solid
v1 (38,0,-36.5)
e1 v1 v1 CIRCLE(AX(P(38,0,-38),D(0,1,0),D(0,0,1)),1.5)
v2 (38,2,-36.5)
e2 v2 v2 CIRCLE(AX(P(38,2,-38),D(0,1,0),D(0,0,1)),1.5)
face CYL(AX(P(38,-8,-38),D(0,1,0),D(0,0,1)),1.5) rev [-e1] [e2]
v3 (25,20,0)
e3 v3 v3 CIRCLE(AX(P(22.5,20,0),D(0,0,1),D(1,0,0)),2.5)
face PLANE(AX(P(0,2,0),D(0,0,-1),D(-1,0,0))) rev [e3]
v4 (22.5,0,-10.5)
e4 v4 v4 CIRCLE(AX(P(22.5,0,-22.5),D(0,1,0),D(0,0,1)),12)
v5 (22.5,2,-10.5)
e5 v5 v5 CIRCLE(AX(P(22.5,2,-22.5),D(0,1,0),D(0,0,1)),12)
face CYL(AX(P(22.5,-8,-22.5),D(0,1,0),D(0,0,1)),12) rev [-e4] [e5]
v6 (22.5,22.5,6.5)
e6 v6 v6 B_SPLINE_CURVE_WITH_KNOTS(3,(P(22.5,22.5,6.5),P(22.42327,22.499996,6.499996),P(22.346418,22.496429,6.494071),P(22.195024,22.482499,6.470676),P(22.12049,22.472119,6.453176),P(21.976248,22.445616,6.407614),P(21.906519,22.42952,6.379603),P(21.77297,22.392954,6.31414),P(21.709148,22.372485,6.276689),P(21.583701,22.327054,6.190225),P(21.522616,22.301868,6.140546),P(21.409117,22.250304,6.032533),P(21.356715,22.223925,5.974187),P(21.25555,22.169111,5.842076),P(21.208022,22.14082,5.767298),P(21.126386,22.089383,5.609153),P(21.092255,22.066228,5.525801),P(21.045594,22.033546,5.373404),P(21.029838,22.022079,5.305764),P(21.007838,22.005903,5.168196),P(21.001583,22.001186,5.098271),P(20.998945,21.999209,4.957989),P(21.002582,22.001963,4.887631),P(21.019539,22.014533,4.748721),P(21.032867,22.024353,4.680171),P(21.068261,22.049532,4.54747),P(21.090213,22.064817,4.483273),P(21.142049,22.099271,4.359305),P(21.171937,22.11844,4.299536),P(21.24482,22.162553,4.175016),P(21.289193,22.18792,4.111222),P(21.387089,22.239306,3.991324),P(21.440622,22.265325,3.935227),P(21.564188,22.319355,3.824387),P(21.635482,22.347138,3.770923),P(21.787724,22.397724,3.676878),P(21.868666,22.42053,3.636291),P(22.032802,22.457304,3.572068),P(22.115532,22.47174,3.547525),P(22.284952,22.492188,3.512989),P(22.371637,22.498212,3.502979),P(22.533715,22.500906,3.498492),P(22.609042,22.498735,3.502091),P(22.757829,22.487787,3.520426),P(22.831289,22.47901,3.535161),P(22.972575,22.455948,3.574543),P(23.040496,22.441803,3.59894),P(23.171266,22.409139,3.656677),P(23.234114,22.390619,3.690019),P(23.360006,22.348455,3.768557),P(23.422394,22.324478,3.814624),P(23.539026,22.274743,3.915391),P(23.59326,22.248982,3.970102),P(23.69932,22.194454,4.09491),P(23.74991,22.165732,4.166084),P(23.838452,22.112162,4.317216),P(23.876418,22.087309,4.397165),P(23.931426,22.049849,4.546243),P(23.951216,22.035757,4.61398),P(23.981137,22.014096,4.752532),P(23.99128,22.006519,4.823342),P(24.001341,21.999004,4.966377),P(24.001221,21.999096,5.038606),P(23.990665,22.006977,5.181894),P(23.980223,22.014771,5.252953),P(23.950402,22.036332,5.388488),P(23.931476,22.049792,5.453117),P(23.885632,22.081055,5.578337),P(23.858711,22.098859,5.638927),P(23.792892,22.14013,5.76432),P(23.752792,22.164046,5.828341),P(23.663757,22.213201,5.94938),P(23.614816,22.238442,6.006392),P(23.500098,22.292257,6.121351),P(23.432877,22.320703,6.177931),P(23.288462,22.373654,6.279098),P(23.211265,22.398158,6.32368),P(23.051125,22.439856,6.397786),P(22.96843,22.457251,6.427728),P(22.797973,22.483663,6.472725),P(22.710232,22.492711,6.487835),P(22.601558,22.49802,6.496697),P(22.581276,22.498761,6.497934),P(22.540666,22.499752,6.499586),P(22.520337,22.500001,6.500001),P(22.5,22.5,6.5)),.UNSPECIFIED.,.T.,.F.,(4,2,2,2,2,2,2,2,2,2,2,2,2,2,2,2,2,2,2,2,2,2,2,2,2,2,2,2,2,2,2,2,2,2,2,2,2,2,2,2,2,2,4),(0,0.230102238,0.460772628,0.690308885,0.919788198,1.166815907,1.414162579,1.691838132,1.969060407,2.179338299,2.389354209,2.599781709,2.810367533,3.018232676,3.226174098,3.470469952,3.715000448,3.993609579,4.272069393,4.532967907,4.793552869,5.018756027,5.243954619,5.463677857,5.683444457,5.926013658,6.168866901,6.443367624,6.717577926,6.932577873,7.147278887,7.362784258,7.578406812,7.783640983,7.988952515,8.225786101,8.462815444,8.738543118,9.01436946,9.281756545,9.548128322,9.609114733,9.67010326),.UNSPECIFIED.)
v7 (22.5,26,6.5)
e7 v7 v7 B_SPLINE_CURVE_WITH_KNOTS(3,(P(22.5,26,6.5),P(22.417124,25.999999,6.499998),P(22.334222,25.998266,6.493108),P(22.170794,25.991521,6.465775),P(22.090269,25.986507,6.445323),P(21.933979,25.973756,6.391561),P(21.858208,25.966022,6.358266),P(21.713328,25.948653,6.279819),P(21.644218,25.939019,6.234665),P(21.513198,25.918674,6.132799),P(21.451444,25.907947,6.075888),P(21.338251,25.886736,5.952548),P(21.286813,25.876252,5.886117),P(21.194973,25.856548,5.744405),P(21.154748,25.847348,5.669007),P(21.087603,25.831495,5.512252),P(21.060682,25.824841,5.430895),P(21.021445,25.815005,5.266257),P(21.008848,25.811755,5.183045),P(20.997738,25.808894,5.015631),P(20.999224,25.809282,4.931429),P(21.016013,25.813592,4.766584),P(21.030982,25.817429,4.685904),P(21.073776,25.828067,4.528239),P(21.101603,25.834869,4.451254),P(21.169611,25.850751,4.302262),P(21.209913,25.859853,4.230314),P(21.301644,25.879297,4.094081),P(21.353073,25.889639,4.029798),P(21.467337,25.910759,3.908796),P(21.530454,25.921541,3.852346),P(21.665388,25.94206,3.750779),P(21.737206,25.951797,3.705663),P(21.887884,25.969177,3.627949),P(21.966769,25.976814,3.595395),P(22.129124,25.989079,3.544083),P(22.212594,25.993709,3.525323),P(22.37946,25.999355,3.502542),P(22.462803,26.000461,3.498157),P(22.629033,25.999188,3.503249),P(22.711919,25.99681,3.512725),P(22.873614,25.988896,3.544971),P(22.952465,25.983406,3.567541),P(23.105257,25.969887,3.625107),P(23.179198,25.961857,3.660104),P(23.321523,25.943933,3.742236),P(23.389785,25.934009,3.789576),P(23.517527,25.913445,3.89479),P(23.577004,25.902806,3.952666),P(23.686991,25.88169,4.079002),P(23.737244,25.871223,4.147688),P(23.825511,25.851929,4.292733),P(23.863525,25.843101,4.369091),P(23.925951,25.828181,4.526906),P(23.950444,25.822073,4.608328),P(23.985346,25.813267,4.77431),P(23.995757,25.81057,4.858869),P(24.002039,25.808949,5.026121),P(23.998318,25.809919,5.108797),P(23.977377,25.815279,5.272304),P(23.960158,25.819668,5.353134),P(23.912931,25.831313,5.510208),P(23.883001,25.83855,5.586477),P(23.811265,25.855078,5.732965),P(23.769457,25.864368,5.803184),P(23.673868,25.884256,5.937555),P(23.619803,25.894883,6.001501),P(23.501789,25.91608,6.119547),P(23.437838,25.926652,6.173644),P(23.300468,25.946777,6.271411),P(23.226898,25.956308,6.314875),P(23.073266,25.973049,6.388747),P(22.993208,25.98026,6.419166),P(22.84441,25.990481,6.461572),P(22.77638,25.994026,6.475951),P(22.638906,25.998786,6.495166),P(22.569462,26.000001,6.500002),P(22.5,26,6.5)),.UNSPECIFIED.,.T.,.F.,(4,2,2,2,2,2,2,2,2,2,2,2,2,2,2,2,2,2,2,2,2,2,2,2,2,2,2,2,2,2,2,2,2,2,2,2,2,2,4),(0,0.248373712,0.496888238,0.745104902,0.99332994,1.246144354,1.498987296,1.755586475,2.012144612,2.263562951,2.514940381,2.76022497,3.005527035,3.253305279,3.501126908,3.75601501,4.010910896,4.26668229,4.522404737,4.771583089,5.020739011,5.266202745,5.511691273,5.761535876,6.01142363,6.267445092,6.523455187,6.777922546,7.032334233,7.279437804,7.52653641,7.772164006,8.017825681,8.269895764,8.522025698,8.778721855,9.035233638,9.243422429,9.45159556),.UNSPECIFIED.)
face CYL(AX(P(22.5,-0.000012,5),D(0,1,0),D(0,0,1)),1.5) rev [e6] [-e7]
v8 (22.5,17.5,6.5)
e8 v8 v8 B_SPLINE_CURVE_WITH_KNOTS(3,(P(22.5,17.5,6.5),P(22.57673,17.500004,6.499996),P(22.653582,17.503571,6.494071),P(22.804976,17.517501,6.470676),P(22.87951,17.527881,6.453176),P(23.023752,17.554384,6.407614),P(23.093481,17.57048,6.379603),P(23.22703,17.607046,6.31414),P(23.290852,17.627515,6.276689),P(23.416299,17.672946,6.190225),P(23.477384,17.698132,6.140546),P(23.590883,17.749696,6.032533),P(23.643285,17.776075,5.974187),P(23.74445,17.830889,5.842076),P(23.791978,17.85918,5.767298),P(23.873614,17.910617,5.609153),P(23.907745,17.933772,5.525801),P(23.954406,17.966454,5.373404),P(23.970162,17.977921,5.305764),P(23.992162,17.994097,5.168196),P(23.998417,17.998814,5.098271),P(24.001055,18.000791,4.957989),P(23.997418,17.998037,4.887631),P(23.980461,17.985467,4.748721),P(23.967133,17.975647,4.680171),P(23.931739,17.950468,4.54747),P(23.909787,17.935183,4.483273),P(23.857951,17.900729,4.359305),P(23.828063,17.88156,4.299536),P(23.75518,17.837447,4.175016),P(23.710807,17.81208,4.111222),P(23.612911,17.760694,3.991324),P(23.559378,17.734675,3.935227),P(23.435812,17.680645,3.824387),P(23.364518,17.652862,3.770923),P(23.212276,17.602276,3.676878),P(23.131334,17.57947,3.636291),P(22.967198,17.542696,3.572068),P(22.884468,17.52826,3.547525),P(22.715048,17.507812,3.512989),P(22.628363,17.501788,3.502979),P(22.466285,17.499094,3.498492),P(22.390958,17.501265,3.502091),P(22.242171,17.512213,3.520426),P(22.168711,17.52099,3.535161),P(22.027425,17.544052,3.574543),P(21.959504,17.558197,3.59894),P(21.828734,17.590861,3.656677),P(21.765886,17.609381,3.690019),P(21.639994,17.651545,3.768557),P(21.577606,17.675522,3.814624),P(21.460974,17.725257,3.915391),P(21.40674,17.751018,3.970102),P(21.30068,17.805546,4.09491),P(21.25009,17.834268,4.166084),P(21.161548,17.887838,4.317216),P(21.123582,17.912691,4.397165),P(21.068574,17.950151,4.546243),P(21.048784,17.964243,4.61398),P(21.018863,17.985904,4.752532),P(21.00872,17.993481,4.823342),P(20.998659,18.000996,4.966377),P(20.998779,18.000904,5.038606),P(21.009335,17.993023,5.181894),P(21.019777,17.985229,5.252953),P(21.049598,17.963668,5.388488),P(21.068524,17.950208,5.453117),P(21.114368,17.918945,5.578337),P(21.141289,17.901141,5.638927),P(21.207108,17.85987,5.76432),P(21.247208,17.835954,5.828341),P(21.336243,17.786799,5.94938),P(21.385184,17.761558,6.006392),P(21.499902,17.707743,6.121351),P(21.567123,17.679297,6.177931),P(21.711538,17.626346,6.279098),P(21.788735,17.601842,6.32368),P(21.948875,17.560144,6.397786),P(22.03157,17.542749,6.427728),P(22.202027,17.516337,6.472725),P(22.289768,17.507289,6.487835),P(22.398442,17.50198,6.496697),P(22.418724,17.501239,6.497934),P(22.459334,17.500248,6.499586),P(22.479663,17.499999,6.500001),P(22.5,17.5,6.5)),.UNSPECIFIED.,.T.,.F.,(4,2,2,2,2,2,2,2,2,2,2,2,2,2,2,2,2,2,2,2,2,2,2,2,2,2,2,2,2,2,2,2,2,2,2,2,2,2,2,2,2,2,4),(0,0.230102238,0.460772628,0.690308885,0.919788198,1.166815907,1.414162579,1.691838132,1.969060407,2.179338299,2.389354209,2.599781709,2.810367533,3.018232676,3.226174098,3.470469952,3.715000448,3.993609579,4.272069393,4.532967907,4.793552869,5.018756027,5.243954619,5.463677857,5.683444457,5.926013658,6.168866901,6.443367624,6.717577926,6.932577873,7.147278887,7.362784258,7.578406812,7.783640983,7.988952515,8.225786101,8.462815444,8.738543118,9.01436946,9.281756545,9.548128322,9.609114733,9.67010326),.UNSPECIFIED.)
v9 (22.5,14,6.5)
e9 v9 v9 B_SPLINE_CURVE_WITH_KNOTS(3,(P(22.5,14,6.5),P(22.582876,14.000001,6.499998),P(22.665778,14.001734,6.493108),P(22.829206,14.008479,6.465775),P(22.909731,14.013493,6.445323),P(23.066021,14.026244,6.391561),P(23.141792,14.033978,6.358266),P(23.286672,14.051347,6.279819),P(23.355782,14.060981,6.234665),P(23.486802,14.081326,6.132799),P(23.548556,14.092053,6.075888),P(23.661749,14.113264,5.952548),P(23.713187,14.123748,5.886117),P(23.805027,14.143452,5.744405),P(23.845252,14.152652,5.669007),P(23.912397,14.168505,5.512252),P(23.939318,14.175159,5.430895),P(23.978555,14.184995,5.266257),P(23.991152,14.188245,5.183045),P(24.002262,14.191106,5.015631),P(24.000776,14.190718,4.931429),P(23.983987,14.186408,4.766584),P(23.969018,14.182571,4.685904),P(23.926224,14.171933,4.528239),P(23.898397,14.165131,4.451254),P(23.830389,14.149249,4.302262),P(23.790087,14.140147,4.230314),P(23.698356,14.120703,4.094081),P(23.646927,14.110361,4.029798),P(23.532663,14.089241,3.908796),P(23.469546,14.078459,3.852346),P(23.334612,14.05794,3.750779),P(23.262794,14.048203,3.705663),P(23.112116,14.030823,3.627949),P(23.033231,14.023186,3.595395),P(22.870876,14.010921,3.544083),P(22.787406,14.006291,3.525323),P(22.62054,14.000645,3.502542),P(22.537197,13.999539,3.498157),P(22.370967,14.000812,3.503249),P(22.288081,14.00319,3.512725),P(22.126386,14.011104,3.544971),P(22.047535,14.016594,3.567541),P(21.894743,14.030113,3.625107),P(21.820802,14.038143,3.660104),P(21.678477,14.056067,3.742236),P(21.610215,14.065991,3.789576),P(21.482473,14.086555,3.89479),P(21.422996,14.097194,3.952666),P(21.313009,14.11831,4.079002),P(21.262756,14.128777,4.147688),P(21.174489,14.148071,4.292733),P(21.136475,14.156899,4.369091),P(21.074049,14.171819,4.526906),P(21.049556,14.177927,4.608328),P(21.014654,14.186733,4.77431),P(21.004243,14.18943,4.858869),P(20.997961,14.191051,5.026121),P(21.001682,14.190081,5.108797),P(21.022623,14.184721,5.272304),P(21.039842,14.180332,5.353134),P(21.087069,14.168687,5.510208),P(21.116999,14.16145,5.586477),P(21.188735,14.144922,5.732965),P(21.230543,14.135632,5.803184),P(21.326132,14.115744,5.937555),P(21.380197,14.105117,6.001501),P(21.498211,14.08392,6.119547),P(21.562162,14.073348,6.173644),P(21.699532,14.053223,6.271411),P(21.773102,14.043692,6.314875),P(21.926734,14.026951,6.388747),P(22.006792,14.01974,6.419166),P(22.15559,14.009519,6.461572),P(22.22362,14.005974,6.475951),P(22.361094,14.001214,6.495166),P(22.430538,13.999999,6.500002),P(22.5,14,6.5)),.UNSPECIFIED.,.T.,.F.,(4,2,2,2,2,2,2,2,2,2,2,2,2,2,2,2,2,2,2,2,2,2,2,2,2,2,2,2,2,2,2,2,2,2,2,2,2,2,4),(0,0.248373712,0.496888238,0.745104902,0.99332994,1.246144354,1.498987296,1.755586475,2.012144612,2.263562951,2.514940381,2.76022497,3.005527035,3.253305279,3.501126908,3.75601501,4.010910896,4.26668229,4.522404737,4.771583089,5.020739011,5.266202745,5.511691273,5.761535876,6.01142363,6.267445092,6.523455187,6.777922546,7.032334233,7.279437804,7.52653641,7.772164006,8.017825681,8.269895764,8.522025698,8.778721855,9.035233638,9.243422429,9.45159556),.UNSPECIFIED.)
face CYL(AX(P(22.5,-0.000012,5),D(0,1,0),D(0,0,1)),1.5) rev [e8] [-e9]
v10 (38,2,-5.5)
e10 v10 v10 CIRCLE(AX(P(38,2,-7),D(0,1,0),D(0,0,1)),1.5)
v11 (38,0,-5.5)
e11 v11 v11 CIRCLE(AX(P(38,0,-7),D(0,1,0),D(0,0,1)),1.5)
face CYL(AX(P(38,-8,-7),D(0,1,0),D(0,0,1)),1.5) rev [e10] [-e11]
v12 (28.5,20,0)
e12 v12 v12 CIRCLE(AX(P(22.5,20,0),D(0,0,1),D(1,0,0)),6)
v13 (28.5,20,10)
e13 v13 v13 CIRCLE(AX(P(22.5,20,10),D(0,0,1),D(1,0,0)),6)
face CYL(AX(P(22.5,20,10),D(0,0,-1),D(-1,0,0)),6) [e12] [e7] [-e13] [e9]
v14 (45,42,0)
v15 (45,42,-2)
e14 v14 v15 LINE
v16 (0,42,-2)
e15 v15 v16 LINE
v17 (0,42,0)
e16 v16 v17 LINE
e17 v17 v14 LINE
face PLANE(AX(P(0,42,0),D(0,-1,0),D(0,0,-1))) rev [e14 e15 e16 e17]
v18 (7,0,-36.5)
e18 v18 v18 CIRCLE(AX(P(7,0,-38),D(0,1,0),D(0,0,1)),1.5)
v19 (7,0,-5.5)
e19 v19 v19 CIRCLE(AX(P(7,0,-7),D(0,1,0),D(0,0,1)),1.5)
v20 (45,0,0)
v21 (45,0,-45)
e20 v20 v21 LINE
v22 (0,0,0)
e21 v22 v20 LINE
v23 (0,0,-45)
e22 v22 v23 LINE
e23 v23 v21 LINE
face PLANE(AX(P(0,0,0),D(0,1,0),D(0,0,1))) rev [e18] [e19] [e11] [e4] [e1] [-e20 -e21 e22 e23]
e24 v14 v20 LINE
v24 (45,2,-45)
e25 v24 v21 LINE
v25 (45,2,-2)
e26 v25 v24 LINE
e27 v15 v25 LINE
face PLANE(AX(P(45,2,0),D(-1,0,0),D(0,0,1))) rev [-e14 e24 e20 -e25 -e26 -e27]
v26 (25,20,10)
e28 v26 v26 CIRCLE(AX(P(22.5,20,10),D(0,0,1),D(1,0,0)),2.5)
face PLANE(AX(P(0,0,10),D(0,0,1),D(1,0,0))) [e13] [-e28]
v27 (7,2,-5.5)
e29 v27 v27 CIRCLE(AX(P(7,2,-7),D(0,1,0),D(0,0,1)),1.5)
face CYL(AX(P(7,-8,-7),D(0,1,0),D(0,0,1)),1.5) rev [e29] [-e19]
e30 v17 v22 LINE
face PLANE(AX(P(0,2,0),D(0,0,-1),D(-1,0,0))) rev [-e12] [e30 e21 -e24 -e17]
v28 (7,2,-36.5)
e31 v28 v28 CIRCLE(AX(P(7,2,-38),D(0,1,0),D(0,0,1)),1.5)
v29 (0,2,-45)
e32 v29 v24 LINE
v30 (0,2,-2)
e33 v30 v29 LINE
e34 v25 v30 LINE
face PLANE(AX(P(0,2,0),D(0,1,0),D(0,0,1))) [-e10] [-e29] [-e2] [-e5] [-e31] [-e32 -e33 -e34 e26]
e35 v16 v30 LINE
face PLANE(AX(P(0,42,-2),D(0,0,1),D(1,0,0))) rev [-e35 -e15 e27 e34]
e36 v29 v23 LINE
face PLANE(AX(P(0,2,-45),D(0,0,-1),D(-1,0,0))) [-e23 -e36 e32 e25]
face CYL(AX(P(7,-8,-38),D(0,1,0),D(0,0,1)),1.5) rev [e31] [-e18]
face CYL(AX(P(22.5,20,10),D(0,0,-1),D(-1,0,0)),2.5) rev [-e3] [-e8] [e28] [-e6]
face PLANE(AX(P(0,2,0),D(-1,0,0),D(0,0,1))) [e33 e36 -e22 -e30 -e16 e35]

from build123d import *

# Parameters (mm, degrees)
SKETCH_1_W               = 45
SKETCH_1_H               = 45
EXTRUDE_1_DEPTH          = 2
SKETCH_3_R               = 12
SKETCH_3_R_2             = 1.5
CUT_EXTRUDE_1_DEPTH      = 10
SKETCH_7_W               = 45
SKETCH_7_H               = 2
EXTRUDE_3_DEPTH          = 40
SKETCH_8_R               = 6
SKETCH_8_R_2             = 2.5
EXTRUDE_4_DEPTH          = 10
CUT_EXTRUDE_2_DEPTH      = 77.249590163
CUT_EXTRUDE_2_DEPTH_BACK = 77.249590163
SKETCH_9_R               = 1.5


with BuildPart() as part:
    # 草图1 → 凸台-拉伸1 (new body)
    with BuildSketch(Plane(origin=(0, 0, 0), x_dir=(1, 0, 0), z_dir=(0, 1, 0))):
        with Locations((22.5, 22.5)):
            Rectangle(SKETCH_1_W, SKETCH_1_H)
    extrude(amount=EXTRUDE_1_DEPTH)

    # 草图3 → 切除-拉伸1 (cut)
    with BuildSketch(Plane(origin=(0, 2, 0), x_dir=(1, 0, 0), z_dir=(0, 1, 0))):
        with Locations(Location((22.5, 22.5, 0), (0, 0, 270))):
            Circle(SKETCH_3_R)
        with Locations(Location((38, 38, 0), (0, 0, 270))):
            Circle(SKETCH_3_R_2)
        with Locations(Location((7, 38, 0), (0, 0, 270))):
            Circle(SKETCH_3_R_2)
        with Locations(Location((7, 7, 0), (0, 0, 270))):
            Circle(SKETCH_3_R_2)
        with Locations(Location((38, 7, 0), (0, 0, 270))):
            Circle(SKETCH_3_R_2)
    extrude(amount=-CUT_EXTRUDE_1_DEPTH, mode=Mode.SUBTRACT)

    # 草图7 → 凸台-拉伸3 (add)
    with BuildSketch(Plane(origin=(0, 2, 0), x_dir=(1, 0, 0), z_dir=(0, 1, 0))):
        with Locations((22.5, 1)):
            Rectangle(SKETCH_7_W, SKETCH_7_H)
    extrude(amount=EXTRUDE_3_DEPTH)

    # 草图8 → 凸台-拉伸4 (add)
    with BuildSketch(Plane.XY):
        with Locations((22.5, 20)):
            Circle(SKETCH_8_R)
        with Locations((22.5, 20)):
            Circle(SKETCH_8_R_2, mode=Mode.SUBTRACT)
    extrude(amount=EXTRUDE_4_DEPTH)

    # 草图9 → 切除-拉伸2 (cut, two sides: drawn at the far end of the back side and taken through both)
    with BuildSketch(Plane(origin=(0, 0, 0), x_dir=(1, 0, 0), z_dir=(0, 1, 0)).offset(-CUT_EXTRUDE_2_DEPTH_BACK)):
        with Locations(Location((22.5, -5, 0), (0, 0, 270))):
            Circle(SKETCH_9_R)
    extrude(amount=CUT_EXTRUDE_2_DEPTH + CUT_EXTRUDE_2_DEPTH_BACK, mode=Mode.SUBTRACT)


solid = part.part
